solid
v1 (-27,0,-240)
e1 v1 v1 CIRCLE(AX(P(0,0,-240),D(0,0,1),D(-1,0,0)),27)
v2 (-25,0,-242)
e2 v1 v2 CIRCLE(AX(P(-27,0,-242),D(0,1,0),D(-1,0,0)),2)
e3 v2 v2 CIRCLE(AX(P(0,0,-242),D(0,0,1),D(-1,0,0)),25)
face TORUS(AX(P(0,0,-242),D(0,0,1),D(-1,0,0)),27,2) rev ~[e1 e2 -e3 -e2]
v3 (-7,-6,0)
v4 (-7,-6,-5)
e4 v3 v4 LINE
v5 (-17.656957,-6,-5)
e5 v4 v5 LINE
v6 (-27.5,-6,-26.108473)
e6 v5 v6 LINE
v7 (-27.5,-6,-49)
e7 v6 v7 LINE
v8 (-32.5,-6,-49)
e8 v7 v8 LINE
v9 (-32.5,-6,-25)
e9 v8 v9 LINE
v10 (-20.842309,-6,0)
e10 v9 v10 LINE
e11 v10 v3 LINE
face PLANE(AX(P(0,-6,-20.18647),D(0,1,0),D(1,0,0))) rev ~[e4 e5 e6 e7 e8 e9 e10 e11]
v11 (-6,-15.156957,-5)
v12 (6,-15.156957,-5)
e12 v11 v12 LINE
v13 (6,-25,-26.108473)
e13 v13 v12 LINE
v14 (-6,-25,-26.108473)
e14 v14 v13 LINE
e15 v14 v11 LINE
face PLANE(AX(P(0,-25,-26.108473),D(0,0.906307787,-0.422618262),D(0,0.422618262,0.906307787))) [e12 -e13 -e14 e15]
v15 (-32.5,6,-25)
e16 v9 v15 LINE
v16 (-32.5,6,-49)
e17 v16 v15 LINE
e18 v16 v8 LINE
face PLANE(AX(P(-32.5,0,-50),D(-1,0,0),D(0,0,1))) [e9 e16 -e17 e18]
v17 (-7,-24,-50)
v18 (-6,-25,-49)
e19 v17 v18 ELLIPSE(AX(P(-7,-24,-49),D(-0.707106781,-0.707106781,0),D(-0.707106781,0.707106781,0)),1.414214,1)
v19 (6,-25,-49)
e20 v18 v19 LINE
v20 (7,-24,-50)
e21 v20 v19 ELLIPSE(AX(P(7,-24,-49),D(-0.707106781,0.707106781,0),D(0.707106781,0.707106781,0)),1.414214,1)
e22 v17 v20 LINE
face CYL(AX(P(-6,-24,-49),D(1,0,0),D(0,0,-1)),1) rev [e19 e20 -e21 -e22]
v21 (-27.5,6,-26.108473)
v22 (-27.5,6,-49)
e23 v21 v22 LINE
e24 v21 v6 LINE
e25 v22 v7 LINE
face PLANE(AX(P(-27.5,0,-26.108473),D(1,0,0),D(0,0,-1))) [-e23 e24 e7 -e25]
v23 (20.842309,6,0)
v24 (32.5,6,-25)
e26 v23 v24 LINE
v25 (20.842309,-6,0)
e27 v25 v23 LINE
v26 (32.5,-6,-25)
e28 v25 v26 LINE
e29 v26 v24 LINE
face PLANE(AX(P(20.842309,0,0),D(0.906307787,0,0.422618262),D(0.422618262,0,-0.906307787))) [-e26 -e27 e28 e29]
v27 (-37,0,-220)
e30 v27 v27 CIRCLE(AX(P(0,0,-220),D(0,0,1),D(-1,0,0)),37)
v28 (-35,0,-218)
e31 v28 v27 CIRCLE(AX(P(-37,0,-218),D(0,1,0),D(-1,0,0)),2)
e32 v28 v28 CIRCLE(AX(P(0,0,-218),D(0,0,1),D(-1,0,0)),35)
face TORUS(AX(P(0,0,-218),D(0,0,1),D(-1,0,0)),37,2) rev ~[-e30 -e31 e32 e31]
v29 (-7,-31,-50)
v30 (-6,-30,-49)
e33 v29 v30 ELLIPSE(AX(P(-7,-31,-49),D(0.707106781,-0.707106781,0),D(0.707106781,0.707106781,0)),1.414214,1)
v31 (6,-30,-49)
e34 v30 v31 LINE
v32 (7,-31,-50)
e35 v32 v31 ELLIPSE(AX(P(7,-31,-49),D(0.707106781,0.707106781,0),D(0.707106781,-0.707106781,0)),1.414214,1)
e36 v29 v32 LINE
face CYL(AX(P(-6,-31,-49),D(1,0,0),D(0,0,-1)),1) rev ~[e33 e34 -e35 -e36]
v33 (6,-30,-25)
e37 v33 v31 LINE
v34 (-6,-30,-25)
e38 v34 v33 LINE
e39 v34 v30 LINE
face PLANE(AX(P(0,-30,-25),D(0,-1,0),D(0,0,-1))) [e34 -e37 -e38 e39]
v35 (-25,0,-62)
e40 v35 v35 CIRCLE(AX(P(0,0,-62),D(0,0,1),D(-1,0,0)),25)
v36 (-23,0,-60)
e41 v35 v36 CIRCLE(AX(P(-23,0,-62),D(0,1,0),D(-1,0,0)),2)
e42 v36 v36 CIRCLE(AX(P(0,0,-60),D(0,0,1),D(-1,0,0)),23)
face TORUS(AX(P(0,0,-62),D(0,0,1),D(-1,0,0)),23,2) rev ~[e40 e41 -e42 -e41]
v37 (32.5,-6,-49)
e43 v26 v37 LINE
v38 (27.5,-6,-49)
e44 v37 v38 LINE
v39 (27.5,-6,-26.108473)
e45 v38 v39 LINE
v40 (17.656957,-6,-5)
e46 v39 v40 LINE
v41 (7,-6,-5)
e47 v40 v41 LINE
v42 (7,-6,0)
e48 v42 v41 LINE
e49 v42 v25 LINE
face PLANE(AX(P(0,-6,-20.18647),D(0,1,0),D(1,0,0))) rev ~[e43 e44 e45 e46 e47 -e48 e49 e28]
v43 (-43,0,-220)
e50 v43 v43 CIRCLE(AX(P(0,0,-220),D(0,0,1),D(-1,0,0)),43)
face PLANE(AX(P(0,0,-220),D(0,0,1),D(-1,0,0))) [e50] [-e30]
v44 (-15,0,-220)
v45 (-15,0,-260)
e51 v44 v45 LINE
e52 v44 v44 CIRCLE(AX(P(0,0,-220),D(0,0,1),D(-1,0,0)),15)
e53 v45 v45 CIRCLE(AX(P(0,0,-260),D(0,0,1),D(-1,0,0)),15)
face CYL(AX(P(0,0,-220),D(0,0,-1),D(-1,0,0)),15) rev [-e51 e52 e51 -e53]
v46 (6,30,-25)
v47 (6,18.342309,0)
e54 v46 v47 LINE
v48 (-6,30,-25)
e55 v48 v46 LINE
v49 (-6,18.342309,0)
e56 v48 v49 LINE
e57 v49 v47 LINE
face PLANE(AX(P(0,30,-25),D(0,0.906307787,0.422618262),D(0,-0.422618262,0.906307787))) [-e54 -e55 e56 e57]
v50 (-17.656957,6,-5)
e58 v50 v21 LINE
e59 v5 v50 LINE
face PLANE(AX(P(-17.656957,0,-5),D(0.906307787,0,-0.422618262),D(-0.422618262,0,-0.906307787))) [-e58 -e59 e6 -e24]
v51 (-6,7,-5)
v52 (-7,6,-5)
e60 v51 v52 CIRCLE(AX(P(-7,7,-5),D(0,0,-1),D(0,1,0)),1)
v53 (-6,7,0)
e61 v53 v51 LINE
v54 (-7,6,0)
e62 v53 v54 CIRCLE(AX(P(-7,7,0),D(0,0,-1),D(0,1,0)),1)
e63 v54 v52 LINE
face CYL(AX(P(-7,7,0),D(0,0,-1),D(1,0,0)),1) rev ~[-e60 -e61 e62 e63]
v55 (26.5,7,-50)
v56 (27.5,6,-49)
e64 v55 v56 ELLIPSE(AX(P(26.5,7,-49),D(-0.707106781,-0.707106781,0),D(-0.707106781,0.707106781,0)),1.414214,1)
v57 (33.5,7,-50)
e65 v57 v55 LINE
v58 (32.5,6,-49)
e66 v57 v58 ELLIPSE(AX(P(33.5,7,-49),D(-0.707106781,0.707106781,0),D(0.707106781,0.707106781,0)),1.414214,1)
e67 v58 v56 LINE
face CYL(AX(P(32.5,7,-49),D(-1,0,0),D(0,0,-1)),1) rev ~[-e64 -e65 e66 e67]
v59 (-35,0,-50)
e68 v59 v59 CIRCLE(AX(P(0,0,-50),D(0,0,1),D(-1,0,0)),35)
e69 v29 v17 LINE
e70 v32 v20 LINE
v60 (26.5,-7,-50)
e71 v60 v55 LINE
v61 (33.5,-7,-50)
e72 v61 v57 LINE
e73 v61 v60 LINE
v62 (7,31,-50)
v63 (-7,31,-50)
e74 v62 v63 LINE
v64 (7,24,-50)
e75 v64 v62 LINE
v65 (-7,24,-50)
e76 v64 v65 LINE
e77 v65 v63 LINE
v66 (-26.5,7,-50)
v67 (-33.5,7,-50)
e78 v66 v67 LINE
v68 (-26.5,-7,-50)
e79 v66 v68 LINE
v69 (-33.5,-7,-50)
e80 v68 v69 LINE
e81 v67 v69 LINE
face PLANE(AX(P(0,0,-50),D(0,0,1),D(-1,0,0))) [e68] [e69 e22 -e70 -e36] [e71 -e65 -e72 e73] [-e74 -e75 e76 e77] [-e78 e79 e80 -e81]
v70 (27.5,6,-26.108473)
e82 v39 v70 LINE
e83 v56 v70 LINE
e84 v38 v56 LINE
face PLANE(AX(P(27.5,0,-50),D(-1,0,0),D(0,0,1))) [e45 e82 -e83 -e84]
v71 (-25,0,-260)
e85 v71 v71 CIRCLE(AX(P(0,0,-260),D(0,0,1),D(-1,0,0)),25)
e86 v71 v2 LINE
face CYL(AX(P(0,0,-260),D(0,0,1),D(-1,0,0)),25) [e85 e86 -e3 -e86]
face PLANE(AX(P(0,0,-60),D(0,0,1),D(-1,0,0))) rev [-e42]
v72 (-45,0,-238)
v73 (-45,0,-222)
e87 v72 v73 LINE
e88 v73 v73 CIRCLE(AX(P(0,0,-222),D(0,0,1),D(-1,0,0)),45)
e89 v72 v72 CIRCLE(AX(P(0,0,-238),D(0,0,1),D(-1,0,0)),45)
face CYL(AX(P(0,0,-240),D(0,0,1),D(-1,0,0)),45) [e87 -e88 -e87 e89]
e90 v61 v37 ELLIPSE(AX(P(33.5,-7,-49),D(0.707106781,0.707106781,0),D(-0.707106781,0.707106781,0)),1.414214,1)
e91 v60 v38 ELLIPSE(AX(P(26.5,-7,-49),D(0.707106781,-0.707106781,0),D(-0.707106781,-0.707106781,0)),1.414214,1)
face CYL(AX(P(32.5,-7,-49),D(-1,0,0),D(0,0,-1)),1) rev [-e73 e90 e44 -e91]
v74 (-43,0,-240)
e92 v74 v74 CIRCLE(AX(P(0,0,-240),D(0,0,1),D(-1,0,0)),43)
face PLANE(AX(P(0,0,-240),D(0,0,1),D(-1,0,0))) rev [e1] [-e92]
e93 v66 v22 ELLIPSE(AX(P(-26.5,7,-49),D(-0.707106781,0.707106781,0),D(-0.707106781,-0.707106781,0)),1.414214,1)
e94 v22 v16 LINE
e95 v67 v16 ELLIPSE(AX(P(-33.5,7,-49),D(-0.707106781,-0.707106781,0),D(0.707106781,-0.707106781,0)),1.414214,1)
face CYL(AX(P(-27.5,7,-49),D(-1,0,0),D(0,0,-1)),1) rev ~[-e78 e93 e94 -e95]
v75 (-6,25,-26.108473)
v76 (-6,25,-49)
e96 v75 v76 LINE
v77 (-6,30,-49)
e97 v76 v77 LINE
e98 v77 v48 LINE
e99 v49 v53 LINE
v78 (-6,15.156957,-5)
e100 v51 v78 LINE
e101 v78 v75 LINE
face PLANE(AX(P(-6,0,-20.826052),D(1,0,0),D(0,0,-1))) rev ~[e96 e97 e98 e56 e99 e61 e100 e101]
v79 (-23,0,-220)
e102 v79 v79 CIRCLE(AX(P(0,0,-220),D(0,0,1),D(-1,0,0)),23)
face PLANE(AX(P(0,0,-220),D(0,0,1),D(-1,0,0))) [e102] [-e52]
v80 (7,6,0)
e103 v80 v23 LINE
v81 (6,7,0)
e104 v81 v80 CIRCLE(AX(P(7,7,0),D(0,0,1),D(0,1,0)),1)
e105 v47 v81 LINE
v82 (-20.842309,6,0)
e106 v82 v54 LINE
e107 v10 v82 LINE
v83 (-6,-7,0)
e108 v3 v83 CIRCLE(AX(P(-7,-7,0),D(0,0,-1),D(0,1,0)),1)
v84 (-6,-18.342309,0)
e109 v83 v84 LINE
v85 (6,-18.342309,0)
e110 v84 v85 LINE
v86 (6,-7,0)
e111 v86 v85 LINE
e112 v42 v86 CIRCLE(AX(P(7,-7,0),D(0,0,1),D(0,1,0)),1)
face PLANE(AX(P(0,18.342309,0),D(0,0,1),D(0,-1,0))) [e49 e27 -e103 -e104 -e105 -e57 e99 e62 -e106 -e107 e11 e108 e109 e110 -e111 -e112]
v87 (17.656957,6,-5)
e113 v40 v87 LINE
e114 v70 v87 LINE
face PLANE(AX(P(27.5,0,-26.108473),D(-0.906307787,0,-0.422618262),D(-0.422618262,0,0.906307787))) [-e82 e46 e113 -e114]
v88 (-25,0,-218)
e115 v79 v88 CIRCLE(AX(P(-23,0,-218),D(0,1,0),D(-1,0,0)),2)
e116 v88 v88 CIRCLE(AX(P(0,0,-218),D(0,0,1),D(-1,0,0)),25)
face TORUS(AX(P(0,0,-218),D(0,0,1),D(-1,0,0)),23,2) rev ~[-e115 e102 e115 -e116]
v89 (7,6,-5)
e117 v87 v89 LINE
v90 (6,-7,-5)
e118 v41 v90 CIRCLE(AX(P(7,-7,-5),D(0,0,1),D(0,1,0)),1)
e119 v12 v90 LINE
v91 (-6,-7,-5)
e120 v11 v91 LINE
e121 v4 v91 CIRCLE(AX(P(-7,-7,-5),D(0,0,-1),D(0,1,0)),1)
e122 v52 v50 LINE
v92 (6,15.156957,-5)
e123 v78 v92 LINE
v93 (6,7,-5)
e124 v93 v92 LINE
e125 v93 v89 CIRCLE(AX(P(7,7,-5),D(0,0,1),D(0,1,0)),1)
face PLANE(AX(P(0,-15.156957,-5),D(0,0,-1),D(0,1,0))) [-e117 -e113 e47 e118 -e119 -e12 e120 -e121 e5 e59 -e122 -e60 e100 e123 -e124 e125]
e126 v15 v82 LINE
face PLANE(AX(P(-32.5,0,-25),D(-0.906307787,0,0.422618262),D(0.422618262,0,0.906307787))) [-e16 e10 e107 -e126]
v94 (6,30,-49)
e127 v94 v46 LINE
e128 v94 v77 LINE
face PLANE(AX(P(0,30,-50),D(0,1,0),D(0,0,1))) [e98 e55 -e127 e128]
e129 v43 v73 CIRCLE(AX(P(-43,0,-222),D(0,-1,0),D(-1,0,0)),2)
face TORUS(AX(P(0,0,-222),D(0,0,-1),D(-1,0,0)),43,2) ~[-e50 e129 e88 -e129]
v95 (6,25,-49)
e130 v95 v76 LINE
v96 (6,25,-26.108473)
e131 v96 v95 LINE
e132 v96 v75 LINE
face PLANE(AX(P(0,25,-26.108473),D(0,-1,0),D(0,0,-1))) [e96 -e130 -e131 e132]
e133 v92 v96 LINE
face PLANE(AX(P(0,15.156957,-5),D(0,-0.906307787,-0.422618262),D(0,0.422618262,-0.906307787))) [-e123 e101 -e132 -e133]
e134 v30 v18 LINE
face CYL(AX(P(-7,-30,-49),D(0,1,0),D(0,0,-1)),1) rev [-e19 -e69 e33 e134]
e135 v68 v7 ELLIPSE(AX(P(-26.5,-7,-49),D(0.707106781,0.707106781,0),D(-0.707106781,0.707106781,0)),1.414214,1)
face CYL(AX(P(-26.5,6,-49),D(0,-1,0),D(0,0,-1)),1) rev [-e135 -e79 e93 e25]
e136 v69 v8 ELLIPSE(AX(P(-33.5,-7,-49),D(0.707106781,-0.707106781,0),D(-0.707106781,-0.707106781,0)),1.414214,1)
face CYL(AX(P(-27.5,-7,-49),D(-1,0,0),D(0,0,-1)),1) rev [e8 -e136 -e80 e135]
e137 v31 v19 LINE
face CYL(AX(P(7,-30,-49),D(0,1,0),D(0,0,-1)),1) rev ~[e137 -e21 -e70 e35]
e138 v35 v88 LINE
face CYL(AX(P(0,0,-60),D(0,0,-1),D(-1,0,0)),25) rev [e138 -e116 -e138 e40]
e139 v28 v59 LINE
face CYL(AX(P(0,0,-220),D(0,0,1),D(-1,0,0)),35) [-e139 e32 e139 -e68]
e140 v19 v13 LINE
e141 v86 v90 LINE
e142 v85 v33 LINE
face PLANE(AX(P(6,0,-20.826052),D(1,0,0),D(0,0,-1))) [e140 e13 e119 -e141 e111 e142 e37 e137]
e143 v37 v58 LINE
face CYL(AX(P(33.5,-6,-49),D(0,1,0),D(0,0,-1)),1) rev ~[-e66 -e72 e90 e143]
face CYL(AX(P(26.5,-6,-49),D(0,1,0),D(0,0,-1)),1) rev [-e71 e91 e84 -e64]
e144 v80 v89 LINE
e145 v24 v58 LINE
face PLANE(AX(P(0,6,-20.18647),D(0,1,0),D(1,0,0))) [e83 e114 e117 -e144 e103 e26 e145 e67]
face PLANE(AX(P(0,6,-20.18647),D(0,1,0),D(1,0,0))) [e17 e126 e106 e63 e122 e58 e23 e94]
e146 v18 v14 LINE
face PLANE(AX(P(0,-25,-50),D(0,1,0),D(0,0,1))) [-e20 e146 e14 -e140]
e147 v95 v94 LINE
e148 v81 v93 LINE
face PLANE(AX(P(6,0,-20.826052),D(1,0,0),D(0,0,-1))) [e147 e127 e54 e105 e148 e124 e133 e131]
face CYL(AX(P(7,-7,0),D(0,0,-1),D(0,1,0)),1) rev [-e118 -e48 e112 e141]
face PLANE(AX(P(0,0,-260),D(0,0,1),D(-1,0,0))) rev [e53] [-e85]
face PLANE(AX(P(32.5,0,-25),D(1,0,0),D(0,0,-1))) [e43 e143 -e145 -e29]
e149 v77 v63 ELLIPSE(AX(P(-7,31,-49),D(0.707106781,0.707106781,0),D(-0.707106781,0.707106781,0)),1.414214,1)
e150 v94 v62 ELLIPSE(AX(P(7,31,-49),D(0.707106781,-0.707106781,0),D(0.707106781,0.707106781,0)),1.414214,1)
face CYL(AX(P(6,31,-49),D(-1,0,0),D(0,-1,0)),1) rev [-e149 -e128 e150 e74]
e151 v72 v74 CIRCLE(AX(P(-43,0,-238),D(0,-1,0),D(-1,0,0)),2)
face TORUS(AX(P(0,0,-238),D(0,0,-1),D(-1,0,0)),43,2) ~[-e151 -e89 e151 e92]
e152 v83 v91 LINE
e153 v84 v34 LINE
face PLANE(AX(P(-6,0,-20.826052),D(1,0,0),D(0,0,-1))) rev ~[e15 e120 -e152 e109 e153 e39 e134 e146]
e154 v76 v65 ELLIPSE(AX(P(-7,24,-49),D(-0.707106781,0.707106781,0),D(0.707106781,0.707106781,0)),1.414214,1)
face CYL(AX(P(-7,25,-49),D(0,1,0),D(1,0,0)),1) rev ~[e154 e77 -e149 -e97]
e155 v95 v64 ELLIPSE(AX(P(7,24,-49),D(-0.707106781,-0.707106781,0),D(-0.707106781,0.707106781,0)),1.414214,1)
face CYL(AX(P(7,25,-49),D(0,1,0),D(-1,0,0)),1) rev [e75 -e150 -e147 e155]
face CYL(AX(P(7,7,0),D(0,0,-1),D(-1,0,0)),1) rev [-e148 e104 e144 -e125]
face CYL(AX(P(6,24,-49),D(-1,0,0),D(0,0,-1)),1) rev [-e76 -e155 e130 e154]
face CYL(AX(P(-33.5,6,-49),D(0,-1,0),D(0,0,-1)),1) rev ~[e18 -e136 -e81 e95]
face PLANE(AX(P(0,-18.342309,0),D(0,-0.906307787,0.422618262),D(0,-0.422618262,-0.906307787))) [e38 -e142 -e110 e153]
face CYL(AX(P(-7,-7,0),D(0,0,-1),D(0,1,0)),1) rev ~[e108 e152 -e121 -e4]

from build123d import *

# Parameters (mm, degrees)
BOSS_EXTRUDE1_DEPTH = 6
BOSS_EXTRUDE2_DEPTH = 6
FILLET2_R           = 1
FILLET3_R           = 2
FILLET4_R           = 2


with BuildPart() as part:
    # Sketch1 → Revolve1 (revolve)
    with BuildSketch(Plane(origin=(0, 0, 0), x_dir=(1, 0, 0), z_dir=(0, 1, 0))):
        Polygon((0, 260), (-25, 260), (-25, 240), (-45, 240), (-45, 220), (-35, 220), (-35, 50), (0, 50), align=None)
    revolve(axis=Axis((0, 0, -296.761273665), (0, 0, 1)))

    # Sketch5 → Boss-Extrude1 (add, symmetric)
    with BuildSketch(Plane(origin=(0, 0, 0), x_dir=(1, 0, 0), z_dir=(0, 1, 0))):
        Polygon((-32.5, 50), (-32.5, 25), (-20.842308546, 0), (20.842308546, 0), (32.5, 25), (32.5, 50), (27.5, 50), (27.5, 26.108473313), (17.656957242, 5), (-17.656957242, 5), (-27.5, 26.108473313), (-27.5, 50), align=None)
    extrude(amount=BOSS_EXTRUDE1_DEPTH, both=True)

    # Sketch7 → Boss-Extrude2 (add, symmetric)
    with BuildSketch(Plane(origin=(0, 0, 0), x_dir=(0, 0, -1), z_dir=(1, 0, 0))):
        Polygon((50, 30), (25, 30), (0, 18.342308546), (0, -18.342308546), (25, -30), (50, -30), (50, -25), (26.108473313, -25), (5, -15.156957242), (5, 15.156957242), (26.108473313, 25), (50, 25), align=None)
    extrude(amount=BOSS_EXTRUDE2_DEPTH, both=True)

    # Sketch8 → Cut-Revolve1 (revolve, cut)
    with BuildSketch(Plane(origin=(0, 0, 0), x_dir=(1, 0, 0), z_dir=(0, 1, 0))):
        Polygon((-25, 220), (-15, 220), (-15, 260), (0, 260), (0, 60), (-25, 60), align=None)
    revolve(axis=Axis((0, 0, -287.049474382), (0, 0, 1)), mode=Mode.SUBTRACT)

    # Fillet2
    fillet2_edges = [part.edges().sort_by_distance(p)[0] for p in [
        (-30, -6, -50),
        (-27.5, 0, -50),
        (-32.5, 0, -50),
        (30, -6, -50),
        (32.5, 0, -50),
        (27.5, 0, -50),
        (-30, 6, -50),
        (30, 6, -50),
        (-6, -6, -2.5),
        (6, -6, -2.5),
        (6, 6, -2.5),
        (6, 27.5, -50),
        (-6, 6, -2.5),
        (-6, 27.5, -50),
        (0, 25, -50),
        (0, 30, -50),
        (-6, -27.5, -50),
        (0, -30, -50),
        (0, -25, -50),
        (6, -27.5, -50),
    ]]
    fillet(fillet2_edges, radius=FILLET2_R)

    # Fillet3
    fillet3_edges = [part.edges().sort_by_distance(p)[0] for p in [
        (35, 0, -220),
        (25, 0, -240),
    ]]
    fillet(fillet3_edges, radius=FILLET3_R)

    # Fillet4
    fillet4_edges = [part.edges().sort_by_distance(p)[0] for p in [
        (25, 0, -60),
        (25, 0, -220),
        (45, 0, -220),
        (45, 0, -240),
    ]]
    fillet(fillet4_edges, radius=FILLET4_R)


solid = part.part
